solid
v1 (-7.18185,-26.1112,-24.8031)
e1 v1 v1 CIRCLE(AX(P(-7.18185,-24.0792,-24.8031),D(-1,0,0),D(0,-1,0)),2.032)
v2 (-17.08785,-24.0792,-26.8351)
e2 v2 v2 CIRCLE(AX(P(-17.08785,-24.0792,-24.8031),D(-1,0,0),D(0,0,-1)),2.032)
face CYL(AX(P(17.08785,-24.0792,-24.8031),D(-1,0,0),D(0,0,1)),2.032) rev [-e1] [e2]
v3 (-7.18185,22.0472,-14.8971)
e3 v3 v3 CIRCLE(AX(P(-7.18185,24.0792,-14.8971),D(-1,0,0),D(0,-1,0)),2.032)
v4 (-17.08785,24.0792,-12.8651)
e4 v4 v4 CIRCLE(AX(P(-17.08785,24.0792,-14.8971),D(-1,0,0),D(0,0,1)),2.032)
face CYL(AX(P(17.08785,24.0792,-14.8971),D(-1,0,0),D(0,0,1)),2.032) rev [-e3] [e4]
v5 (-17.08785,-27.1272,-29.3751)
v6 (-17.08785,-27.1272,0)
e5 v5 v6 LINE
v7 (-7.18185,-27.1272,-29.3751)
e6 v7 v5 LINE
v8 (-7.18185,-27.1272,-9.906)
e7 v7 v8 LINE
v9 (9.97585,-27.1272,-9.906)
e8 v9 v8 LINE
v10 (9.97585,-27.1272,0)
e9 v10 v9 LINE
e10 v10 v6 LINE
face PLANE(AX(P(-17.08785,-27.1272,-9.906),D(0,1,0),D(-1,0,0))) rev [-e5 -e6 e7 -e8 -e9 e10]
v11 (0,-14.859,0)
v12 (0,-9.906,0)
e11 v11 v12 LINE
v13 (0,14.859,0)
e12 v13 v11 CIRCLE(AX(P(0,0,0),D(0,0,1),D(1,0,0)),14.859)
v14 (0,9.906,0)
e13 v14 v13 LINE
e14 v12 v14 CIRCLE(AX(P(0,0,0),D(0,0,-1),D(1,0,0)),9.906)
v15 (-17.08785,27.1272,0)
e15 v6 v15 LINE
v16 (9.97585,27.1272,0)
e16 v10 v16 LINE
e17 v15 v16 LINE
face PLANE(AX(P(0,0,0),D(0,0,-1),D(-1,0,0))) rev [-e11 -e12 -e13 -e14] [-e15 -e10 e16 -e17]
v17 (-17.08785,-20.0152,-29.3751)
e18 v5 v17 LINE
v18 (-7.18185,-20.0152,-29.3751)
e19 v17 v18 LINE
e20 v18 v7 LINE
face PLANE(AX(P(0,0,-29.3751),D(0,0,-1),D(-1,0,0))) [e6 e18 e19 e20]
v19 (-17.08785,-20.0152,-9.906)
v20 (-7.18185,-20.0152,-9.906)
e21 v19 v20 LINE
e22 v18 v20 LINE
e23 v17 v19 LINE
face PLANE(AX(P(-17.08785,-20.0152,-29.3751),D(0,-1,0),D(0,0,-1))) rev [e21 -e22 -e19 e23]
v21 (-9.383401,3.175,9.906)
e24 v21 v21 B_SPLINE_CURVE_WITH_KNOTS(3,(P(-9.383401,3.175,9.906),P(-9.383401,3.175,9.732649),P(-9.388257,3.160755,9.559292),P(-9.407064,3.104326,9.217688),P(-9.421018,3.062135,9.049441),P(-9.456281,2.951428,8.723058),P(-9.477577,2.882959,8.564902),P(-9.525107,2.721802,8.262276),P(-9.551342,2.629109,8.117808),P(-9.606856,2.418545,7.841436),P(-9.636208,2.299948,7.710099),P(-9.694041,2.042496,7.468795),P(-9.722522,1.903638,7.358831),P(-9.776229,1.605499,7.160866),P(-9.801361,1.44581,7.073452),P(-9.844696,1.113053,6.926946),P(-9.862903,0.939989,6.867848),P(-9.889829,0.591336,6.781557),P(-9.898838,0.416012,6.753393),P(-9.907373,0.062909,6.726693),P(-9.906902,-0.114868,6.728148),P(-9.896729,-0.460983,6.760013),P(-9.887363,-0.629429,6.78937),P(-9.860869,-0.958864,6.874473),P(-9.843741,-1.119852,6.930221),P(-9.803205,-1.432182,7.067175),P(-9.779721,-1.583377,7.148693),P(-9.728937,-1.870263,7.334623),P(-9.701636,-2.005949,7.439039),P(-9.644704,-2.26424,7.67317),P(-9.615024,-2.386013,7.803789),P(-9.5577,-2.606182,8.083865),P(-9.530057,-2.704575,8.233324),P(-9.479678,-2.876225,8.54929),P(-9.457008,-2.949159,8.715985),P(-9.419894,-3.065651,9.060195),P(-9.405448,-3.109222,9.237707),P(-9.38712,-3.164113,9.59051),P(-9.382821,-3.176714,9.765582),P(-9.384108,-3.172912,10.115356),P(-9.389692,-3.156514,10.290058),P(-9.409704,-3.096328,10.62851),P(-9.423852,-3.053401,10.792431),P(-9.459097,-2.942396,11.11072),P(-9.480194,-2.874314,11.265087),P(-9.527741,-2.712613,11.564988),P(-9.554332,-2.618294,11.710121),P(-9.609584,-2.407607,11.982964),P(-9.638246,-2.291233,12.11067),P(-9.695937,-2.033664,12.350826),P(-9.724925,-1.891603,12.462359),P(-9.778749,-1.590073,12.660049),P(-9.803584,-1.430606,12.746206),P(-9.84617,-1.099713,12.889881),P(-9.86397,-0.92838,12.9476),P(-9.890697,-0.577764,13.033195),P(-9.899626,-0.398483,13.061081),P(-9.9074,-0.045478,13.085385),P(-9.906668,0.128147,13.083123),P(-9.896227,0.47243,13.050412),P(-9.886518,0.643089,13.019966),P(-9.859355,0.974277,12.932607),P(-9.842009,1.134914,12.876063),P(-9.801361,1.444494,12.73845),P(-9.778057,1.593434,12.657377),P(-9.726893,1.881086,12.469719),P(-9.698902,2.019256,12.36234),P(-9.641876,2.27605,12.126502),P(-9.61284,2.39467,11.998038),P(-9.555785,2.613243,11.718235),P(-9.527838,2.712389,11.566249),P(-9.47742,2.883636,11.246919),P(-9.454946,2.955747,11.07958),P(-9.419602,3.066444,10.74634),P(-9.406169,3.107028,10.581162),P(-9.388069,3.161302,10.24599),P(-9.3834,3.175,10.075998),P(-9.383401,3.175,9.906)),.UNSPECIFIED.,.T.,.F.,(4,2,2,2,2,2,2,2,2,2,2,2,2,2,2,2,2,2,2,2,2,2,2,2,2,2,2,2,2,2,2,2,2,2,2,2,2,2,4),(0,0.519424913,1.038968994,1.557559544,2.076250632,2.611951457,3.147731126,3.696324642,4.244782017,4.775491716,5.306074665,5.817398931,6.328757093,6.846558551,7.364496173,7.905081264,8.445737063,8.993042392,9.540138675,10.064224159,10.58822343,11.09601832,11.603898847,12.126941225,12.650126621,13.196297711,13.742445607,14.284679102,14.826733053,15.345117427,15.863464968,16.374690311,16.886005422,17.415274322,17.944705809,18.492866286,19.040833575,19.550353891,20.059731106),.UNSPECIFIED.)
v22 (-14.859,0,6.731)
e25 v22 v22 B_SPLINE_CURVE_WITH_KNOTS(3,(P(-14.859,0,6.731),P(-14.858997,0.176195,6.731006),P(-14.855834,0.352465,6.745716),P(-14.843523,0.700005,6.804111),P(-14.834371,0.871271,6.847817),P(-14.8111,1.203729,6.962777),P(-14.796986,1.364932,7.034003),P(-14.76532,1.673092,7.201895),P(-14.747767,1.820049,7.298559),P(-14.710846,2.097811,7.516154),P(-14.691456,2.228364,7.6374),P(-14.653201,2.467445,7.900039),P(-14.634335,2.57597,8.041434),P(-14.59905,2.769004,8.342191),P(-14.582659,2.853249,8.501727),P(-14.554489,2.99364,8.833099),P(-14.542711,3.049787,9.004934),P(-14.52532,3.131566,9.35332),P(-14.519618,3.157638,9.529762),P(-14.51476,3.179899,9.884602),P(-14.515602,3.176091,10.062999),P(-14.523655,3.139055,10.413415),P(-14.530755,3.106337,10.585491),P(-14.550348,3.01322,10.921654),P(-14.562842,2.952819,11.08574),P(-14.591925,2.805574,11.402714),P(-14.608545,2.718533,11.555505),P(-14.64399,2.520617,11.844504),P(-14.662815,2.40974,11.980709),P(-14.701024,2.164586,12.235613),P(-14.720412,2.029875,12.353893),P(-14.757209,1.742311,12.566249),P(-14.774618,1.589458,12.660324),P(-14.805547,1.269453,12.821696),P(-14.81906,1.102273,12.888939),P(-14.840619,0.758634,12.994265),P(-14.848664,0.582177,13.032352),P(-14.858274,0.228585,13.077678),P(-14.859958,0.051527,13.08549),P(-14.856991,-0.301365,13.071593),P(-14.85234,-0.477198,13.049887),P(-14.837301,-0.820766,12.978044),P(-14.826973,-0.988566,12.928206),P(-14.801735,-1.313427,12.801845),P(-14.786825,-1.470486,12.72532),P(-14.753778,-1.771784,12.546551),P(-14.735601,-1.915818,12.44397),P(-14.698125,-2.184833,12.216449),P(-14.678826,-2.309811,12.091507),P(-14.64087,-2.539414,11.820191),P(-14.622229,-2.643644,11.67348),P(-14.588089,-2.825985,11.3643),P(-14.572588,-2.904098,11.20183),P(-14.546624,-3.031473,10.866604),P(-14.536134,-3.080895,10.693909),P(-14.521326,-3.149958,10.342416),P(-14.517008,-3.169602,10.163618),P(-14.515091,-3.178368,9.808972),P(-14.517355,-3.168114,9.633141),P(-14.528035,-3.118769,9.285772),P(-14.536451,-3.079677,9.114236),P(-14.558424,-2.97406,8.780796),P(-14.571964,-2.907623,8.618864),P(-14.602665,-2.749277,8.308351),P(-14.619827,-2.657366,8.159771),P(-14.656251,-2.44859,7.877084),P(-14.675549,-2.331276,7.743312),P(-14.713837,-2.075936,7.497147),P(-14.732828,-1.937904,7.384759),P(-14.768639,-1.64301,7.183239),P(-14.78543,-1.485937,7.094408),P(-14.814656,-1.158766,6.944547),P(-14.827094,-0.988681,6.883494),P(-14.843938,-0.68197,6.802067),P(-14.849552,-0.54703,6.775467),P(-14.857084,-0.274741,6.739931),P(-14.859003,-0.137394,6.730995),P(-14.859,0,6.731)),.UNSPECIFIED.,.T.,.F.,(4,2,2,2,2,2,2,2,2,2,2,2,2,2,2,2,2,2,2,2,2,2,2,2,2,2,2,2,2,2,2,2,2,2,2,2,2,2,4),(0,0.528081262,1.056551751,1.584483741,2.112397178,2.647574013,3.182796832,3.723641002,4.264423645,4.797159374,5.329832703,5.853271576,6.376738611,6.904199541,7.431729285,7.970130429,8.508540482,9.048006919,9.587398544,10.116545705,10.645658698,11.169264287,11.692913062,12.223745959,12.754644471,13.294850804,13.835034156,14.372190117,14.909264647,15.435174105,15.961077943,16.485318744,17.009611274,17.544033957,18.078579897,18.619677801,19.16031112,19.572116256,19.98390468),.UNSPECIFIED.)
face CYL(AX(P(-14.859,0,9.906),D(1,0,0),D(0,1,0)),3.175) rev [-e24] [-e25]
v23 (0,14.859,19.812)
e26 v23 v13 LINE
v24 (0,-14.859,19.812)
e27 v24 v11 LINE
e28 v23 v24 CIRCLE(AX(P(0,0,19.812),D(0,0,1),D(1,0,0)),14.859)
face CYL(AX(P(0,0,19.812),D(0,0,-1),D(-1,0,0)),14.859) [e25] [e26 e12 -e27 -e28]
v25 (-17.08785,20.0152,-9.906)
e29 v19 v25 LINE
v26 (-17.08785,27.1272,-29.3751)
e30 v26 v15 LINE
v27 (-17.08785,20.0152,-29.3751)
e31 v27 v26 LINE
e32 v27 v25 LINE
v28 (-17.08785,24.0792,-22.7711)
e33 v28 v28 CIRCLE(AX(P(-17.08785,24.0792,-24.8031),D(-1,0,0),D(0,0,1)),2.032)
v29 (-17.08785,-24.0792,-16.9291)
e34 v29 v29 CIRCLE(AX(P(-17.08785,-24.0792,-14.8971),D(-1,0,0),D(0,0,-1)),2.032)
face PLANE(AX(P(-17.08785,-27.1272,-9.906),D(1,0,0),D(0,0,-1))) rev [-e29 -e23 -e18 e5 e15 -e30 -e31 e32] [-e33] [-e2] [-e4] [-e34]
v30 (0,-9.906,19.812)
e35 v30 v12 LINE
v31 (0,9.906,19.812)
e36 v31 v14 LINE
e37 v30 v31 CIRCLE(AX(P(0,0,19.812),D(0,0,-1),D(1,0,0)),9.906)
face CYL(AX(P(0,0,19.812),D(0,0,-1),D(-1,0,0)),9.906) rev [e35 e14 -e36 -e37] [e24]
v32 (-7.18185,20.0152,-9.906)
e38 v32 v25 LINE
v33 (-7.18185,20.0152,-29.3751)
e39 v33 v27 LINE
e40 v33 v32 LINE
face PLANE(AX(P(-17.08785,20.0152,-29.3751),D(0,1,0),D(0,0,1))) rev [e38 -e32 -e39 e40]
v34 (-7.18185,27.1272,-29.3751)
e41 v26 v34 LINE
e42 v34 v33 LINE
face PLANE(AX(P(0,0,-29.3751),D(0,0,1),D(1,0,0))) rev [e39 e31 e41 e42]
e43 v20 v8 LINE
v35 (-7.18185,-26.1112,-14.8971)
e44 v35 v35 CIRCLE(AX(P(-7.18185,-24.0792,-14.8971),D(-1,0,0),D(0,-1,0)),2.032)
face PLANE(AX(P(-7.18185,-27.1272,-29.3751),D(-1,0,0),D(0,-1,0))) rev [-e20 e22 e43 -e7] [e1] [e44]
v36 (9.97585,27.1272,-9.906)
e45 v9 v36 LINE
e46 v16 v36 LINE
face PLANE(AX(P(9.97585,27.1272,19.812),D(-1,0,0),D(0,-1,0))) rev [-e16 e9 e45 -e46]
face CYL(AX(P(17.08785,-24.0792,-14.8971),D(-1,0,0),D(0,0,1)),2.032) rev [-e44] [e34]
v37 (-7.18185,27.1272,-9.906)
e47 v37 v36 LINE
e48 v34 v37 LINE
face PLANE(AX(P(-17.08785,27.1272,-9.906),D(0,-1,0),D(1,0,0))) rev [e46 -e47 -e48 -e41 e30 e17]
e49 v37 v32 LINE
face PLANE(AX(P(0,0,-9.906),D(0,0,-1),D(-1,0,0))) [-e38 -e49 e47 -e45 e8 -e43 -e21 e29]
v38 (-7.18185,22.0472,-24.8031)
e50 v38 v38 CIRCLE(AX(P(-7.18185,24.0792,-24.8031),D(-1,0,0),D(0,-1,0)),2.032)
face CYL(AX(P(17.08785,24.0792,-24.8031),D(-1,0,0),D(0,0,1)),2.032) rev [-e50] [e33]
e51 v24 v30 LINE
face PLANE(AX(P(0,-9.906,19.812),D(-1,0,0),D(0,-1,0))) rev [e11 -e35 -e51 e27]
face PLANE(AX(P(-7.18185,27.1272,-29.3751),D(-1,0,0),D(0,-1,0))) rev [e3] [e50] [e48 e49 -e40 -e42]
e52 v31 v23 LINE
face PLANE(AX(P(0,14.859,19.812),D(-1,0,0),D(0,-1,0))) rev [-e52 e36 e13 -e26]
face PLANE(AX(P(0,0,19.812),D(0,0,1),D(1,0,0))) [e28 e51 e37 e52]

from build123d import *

# Parameters (mm, degrees)
BOSS_EXTRUDE1_DEPTH = 19.812
SKETCH2_R           = 3.175
CUT_EXTRUDE2_DEPTH  = 29.880704735
SKETCH3_W           = 34.1757
SKETCH3_H           = 54.2544
BOSS_EXTRUDE2_DEPTH = 9.906
SKETCH4_W           = 9.906
SKETCH4_H           = 7.112
BOSS_EXTRUDE3_DEPTH = 19.4691
SKETCH5_R           = 2.032
CUT_EXTRUDE3_DEPTH  = 53.599999528
SKETCH6_W           = 7.112
SKETCH6_H           = 54.2544
CUT_EXTRUDE4_DEPTH  = 44.715433515


with BuildPart() as part:
    # Sketch1 → Boss-Extrude1 (new body)
    with BuildSketch(Plane.XY):
        with BuildLine():
            Line((0, 14.859), (0, 9.906))
            ThreePointArc((0, 9.906), (-9.906, 0), (0, -9.906))
            Line((0, -9.906), (0, -14.859))
            ThreePointArc((0, -14.859), (-14.859, 0), (0, 14.859))
        make_face()
    extrude(amount=BOSS_EXTRUDE1_DEPTH)

    # Sketch2 → Cut-Extrude2 (cut, through all)
    with BuildSketch(Plane(origin=(0, 0, 0), x_dir=(0, 0, -1), z_dir=(1, 0, 0))):
        with Locations(Location((-9.906, 0, 0), (0, 0, 90))):
            Circle(SKETCH2_R)
    extrude(amount=-CUT_EXTRUDE2_DEPTH, mode=Mode.SUBTRACT)

    # Sketch3 → Boss-Extrude2 (add)
    with BuildSketch(Plane(origin=(0, 0, 0), x_dir=(-1, 0, 0), z_dir=(0, 0, -1))):
        Rectangle(SKETCH3_W, SKETCH3_H)
    extrude(amount=BOSS_EXTRUDE2_DEPTH)

    # Sketch4 → Boss-Extrude3 (add)
    with BuildSketch(Plane(origin=(0, 0, -9.906), x_dir=(-1, 0, 0), z_dir=(0, 0, -1))):
        with Locations((12.13485, -23.5712)):
            Rectangle(SKETCH4_W, SKETCH4_H)
        with Locations((12.13485, 23.5712)):
            Rectangle(SKETCH4_W, SKETCH4_H)
    extrude(amount=BOSS_EXTRUDE3_DEPTH)

    # Sketch5 → Cut-Extrude3 (cut, through all)
    with BuildSketch(Plane.ZY.offset(17.08785)):
        with Locations((-24.8031, 24.0792)):
            Circle(SKETCH5_R)
        with Locations((-14.8971, 24.0792)):
            Circle(SKETCH5_R)
        with Locations(Location((-14.8971, -24.0792, 0), (0, 0, 270))):
            Circle(SKETCH5_R)
        with Locations(Location((-24.8031, -24.0792, 0), (0, 0, 270))):
            Circle(SKETCH5_R)
    extrude(amount=-CUT_EXTRUDE3_DEPTH, mode=Mode.SUBTRACT)

    # Sketch6 → Cut-Extrude4 (cut, through all)
    with BuildSketch(Plane(origin=(0, 0, -9.906), x_dir=(-1, 0, 0), z_dir=(0, 0, -1))):
        with Locations((-13.53185, 0)):
            Rectangle(SKETCH6_W, SKETCH6_H)
    extrude(amount=-CUT_EXTRUDE4_DEPTH, mode=Mode.SUBTRACT)


solid = part.part
